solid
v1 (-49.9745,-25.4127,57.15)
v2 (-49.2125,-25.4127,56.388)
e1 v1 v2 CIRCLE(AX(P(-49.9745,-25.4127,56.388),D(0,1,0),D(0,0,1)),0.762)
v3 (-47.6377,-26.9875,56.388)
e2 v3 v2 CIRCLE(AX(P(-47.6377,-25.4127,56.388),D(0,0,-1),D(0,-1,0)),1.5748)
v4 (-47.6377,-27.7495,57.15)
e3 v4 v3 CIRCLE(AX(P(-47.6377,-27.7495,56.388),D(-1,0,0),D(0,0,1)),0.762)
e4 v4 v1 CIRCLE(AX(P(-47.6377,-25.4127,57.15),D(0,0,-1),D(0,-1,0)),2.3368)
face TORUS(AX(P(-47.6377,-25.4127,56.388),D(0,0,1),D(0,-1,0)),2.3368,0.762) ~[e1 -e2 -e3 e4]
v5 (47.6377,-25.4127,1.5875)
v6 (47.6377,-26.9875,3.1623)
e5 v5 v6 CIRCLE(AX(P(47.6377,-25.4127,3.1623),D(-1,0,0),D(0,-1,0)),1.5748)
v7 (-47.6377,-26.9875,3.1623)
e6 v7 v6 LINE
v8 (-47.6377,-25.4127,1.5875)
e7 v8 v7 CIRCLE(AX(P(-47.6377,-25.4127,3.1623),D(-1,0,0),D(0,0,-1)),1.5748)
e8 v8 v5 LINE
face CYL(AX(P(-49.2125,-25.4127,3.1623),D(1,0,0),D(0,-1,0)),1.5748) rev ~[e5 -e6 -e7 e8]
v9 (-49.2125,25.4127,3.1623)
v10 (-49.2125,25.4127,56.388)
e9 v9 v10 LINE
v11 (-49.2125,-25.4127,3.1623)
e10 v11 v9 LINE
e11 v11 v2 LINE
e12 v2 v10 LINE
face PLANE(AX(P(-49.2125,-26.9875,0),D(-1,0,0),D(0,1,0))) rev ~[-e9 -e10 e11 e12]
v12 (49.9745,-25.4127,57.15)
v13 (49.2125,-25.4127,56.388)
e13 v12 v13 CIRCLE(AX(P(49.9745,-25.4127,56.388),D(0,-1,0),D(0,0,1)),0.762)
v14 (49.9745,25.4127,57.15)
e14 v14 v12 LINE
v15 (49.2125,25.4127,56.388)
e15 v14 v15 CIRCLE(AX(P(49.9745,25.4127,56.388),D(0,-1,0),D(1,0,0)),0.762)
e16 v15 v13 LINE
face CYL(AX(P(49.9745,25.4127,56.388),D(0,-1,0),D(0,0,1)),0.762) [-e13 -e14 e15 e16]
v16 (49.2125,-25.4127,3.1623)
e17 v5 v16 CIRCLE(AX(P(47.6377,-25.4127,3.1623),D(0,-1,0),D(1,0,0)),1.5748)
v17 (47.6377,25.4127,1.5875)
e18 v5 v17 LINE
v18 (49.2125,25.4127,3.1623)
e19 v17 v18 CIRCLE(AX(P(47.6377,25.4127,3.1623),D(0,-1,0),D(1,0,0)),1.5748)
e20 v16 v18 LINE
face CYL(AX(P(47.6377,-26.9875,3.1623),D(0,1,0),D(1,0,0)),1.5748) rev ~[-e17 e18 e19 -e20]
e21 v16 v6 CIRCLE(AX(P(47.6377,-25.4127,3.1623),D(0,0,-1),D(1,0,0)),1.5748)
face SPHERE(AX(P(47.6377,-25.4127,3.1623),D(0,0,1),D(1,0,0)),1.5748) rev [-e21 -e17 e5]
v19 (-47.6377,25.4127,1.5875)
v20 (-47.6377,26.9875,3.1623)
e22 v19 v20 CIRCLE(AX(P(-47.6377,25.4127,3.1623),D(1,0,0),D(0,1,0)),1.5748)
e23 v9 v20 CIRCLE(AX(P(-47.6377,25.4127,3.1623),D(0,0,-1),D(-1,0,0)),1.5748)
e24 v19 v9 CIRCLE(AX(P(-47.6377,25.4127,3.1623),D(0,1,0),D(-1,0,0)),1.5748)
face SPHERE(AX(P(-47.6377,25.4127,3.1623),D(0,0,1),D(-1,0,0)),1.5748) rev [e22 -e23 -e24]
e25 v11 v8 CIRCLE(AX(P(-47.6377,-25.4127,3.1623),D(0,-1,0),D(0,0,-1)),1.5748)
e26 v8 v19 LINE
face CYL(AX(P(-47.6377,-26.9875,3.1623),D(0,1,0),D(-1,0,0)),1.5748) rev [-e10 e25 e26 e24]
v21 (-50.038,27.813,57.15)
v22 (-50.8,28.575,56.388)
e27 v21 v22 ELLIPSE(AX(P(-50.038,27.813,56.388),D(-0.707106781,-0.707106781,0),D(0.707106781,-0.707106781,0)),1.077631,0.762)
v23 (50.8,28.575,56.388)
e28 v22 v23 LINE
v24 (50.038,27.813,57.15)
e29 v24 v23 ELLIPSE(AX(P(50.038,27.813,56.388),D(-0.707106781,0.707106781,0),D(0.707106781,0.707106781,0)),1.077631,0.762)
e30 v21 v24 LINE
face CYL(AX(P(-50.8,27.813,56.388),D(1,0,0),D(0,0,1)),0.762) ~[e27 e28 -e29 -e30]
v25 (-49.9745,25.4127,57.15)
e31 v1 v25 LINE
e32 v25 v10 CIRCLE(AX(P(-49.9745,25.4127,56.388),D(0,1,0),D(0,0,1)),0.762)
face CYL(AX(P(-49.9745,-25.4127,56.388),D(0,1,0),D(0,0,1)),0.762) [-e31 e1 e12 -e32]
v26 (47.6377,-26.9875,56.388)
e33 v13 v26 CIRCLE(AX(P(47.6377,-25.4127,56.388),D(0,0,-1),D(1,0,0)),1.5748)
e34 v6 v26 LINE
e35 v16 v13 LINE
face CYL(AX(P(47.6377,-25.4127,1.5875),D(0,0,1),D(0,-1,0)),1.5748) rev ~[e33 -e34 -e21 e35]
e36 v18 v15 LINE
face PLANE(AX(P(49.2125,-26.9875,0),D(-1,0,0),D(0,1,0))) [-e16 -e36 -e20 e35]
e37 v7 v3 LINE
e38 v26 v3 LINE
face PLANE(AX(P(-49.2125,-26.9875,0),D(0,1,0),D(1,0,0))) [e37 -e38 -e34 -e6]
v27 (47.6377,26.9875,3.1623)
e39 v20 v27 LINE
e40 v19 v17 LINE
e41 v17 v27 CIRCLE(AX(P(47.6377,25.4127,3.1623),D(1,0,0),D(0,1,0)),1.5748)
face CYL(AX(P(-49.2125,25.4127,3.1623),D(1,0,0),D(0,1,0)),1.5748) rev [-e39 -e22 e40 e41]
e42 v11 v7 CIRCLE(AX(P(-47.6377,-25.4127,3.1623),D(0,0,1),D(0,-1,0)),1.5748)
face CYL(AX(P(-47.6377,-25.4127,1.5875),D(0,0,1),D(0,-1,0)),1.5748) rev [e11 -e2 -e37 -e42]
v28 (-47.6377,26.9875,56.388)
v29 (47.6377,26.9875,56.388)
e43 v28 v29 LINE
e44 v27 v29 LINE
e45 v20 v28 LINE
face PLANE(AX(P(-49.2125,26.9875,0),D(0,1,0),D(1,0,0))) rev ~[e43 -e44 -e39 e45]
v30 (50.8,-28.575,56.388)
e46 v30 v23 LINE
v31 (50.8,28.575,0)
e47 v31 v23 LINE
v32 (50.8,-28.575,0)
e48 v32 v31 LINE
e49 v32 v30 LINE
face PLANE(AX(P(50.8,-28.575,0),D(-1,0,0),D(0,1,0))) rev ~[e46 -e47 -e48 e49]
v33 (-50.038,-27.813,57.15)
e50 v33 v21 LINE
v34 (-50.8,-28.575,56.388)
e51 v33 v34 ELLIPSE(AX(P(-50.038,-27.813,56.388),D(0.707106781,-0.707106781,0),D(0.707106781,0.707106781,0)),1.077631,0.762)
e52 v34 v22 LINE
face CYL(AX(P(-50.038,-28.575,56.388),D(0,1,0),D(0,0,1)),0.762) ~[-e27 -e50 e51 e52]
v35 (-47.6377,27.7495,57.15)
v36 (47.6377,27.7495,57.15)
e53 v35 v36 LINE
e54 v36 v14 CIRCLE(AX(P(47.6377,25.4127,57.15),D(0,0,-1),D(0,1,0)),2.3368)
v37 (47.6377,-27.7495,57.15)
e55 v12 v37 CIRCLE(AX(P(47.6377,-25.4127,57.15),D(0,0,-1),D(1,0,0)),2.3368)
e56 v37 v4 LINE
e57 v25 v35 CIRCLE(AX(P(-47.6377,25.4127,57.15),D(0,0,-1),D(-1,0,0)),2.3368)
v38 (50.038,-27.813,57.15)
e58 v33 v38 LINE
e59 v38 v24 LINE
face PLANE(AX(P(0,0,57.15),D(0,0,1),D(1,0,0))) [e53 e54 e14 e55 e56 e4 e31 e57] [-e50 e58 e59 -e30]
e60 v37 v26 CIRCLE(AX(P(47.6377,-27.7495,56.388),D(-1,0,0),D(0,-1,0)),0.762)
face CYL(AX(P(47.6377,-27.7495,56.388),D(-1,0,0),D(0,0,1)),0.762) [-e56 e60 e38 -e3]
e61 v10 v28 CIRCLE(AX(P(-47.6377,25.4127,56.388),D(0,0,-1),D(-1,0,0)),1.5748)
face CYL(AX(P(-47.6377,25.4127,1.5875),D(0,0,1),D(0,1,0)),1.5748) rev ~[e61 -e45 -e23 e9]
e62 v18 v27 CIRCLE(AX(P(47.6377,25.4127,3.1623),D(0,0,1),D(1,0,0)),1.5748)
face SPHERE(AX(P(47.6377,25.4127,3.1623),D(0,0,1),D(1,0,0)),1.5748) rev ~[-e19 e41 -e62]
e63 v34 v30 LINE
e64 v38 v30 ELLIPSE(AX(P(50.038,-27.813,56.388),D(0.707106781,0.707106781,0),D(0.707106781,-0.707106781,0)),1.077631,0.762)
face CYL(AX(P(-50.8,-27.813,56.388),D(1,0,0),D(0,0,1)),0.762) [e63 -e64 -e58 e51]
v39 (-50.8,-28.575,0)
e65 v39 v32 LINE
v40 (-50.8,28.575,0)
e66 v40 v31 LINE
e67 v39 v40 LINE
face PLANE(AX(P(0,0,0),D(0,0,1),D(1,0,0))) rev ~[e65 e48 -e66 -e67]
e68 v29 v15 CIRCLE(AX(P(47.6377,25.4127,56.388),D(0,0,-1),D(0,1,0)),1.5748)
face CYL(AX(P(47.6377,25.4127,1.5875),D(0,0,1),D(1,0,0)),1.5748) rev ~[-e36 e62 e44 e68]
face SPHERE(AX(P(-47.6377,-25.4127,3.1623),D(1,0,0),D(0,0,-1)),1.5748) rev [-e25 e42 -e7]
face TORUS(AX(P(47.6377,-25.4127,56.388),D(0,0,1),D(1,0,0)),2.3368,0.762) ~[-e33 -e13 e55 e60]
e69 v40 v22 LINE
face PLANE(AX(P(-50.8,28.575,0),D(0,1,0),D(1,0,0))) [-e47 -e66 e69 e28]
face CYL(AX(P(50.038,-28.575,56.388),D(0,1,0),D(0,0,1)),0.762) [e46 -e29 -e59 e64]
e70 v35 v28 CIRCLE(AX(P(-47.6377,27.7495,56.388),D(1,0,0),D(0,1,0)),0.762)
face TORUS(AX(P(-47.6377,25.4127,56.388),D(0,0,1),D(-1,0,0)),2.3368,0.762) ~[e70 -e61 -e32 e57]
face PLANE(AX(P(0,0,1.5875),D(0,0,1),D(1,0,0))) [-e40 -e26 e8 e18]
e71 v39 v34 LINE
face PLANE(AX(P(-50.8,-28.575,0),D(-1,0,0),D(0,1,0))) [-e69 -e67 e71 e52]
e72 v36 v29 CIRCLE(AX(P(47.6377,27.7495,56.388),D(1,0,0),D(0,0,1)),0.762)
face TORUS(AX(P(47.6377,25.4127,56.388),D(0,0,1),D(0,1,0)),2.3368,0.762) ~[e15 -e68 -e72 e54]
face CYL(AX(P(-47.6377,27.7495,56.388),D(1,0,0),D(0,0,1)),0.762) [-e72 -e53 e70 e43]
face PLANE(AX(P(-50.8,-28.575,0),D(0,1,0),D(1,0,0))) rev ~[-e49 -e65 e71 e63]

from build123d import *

# Parameters (mm, degrees)
F0_W     = 101.6
F0_H     = 57.15
F0_W_2   = 98.425
F0_H_2   = 53.975
F1_DEPTH = 57.15
F2_DEPTH = 1.5875
F3_R     = 1.5748
F4_R     = 0.762
F5_R     = 20.6375
F6_DEPTH = 6.35


with BuildPart() as f1:
    # F0 (on Top) → F1 (new body)
    with BuildSketch(Plane.XY):
        Rectangle(F0_W, F0_H)
        Rectangle(F0_W_2, F0_H_2, mode=Mode.SUBTRACT)
    extrude(amount=F1_DEPTH)

    # F0 (on Top) → F2 (join)
    with BuildSketch(Plane.XY):
        Rectangle(F0_W_2, F0_H_2)
    extrude(amount=F2_DEPTH)

    # F3
    f3_edges = [f1.edges().sort_by_distance(p)[0] for p in [
        (-49.2125, 26.9875, 29.36875),
        (49.2125, 26.9875, 29.36875),
        (49.2125, -26.9875, 29.36875),
        (49.2125, 0, 1.5875),
        (0, -26.9875, 1.5875),
        (-49.2125, 0, 1.5875),
        (0, 26.9875, 1.5875),
        (-49.2125, -26.9875, 29.36875),
    ]]
    fillet(f3_edges, radius=F3_R)

    # F4
    f4_edges = [f1.edges().sort_by_distance(p)[0] for p in [
        (0, -28.575, 57.15),
        (50.8, 0, 57.15),
        (0, 28.575, 57.15),
        (-50.8, 0, 57.15),
        (-49.2125, 0, 57.15),
    ]]
    fillet(f4_edges, radius=F4_R)


with BuildPart() as f6:
    # F5 (on Front) → F6 (new body)
    with BuildSketch(Plane.XZ):
        with Locations((-50.13819, -40.545423)):
            Circle(F5_R)
    extrude(amount=F6_DEPTH)


solid = f1.part
